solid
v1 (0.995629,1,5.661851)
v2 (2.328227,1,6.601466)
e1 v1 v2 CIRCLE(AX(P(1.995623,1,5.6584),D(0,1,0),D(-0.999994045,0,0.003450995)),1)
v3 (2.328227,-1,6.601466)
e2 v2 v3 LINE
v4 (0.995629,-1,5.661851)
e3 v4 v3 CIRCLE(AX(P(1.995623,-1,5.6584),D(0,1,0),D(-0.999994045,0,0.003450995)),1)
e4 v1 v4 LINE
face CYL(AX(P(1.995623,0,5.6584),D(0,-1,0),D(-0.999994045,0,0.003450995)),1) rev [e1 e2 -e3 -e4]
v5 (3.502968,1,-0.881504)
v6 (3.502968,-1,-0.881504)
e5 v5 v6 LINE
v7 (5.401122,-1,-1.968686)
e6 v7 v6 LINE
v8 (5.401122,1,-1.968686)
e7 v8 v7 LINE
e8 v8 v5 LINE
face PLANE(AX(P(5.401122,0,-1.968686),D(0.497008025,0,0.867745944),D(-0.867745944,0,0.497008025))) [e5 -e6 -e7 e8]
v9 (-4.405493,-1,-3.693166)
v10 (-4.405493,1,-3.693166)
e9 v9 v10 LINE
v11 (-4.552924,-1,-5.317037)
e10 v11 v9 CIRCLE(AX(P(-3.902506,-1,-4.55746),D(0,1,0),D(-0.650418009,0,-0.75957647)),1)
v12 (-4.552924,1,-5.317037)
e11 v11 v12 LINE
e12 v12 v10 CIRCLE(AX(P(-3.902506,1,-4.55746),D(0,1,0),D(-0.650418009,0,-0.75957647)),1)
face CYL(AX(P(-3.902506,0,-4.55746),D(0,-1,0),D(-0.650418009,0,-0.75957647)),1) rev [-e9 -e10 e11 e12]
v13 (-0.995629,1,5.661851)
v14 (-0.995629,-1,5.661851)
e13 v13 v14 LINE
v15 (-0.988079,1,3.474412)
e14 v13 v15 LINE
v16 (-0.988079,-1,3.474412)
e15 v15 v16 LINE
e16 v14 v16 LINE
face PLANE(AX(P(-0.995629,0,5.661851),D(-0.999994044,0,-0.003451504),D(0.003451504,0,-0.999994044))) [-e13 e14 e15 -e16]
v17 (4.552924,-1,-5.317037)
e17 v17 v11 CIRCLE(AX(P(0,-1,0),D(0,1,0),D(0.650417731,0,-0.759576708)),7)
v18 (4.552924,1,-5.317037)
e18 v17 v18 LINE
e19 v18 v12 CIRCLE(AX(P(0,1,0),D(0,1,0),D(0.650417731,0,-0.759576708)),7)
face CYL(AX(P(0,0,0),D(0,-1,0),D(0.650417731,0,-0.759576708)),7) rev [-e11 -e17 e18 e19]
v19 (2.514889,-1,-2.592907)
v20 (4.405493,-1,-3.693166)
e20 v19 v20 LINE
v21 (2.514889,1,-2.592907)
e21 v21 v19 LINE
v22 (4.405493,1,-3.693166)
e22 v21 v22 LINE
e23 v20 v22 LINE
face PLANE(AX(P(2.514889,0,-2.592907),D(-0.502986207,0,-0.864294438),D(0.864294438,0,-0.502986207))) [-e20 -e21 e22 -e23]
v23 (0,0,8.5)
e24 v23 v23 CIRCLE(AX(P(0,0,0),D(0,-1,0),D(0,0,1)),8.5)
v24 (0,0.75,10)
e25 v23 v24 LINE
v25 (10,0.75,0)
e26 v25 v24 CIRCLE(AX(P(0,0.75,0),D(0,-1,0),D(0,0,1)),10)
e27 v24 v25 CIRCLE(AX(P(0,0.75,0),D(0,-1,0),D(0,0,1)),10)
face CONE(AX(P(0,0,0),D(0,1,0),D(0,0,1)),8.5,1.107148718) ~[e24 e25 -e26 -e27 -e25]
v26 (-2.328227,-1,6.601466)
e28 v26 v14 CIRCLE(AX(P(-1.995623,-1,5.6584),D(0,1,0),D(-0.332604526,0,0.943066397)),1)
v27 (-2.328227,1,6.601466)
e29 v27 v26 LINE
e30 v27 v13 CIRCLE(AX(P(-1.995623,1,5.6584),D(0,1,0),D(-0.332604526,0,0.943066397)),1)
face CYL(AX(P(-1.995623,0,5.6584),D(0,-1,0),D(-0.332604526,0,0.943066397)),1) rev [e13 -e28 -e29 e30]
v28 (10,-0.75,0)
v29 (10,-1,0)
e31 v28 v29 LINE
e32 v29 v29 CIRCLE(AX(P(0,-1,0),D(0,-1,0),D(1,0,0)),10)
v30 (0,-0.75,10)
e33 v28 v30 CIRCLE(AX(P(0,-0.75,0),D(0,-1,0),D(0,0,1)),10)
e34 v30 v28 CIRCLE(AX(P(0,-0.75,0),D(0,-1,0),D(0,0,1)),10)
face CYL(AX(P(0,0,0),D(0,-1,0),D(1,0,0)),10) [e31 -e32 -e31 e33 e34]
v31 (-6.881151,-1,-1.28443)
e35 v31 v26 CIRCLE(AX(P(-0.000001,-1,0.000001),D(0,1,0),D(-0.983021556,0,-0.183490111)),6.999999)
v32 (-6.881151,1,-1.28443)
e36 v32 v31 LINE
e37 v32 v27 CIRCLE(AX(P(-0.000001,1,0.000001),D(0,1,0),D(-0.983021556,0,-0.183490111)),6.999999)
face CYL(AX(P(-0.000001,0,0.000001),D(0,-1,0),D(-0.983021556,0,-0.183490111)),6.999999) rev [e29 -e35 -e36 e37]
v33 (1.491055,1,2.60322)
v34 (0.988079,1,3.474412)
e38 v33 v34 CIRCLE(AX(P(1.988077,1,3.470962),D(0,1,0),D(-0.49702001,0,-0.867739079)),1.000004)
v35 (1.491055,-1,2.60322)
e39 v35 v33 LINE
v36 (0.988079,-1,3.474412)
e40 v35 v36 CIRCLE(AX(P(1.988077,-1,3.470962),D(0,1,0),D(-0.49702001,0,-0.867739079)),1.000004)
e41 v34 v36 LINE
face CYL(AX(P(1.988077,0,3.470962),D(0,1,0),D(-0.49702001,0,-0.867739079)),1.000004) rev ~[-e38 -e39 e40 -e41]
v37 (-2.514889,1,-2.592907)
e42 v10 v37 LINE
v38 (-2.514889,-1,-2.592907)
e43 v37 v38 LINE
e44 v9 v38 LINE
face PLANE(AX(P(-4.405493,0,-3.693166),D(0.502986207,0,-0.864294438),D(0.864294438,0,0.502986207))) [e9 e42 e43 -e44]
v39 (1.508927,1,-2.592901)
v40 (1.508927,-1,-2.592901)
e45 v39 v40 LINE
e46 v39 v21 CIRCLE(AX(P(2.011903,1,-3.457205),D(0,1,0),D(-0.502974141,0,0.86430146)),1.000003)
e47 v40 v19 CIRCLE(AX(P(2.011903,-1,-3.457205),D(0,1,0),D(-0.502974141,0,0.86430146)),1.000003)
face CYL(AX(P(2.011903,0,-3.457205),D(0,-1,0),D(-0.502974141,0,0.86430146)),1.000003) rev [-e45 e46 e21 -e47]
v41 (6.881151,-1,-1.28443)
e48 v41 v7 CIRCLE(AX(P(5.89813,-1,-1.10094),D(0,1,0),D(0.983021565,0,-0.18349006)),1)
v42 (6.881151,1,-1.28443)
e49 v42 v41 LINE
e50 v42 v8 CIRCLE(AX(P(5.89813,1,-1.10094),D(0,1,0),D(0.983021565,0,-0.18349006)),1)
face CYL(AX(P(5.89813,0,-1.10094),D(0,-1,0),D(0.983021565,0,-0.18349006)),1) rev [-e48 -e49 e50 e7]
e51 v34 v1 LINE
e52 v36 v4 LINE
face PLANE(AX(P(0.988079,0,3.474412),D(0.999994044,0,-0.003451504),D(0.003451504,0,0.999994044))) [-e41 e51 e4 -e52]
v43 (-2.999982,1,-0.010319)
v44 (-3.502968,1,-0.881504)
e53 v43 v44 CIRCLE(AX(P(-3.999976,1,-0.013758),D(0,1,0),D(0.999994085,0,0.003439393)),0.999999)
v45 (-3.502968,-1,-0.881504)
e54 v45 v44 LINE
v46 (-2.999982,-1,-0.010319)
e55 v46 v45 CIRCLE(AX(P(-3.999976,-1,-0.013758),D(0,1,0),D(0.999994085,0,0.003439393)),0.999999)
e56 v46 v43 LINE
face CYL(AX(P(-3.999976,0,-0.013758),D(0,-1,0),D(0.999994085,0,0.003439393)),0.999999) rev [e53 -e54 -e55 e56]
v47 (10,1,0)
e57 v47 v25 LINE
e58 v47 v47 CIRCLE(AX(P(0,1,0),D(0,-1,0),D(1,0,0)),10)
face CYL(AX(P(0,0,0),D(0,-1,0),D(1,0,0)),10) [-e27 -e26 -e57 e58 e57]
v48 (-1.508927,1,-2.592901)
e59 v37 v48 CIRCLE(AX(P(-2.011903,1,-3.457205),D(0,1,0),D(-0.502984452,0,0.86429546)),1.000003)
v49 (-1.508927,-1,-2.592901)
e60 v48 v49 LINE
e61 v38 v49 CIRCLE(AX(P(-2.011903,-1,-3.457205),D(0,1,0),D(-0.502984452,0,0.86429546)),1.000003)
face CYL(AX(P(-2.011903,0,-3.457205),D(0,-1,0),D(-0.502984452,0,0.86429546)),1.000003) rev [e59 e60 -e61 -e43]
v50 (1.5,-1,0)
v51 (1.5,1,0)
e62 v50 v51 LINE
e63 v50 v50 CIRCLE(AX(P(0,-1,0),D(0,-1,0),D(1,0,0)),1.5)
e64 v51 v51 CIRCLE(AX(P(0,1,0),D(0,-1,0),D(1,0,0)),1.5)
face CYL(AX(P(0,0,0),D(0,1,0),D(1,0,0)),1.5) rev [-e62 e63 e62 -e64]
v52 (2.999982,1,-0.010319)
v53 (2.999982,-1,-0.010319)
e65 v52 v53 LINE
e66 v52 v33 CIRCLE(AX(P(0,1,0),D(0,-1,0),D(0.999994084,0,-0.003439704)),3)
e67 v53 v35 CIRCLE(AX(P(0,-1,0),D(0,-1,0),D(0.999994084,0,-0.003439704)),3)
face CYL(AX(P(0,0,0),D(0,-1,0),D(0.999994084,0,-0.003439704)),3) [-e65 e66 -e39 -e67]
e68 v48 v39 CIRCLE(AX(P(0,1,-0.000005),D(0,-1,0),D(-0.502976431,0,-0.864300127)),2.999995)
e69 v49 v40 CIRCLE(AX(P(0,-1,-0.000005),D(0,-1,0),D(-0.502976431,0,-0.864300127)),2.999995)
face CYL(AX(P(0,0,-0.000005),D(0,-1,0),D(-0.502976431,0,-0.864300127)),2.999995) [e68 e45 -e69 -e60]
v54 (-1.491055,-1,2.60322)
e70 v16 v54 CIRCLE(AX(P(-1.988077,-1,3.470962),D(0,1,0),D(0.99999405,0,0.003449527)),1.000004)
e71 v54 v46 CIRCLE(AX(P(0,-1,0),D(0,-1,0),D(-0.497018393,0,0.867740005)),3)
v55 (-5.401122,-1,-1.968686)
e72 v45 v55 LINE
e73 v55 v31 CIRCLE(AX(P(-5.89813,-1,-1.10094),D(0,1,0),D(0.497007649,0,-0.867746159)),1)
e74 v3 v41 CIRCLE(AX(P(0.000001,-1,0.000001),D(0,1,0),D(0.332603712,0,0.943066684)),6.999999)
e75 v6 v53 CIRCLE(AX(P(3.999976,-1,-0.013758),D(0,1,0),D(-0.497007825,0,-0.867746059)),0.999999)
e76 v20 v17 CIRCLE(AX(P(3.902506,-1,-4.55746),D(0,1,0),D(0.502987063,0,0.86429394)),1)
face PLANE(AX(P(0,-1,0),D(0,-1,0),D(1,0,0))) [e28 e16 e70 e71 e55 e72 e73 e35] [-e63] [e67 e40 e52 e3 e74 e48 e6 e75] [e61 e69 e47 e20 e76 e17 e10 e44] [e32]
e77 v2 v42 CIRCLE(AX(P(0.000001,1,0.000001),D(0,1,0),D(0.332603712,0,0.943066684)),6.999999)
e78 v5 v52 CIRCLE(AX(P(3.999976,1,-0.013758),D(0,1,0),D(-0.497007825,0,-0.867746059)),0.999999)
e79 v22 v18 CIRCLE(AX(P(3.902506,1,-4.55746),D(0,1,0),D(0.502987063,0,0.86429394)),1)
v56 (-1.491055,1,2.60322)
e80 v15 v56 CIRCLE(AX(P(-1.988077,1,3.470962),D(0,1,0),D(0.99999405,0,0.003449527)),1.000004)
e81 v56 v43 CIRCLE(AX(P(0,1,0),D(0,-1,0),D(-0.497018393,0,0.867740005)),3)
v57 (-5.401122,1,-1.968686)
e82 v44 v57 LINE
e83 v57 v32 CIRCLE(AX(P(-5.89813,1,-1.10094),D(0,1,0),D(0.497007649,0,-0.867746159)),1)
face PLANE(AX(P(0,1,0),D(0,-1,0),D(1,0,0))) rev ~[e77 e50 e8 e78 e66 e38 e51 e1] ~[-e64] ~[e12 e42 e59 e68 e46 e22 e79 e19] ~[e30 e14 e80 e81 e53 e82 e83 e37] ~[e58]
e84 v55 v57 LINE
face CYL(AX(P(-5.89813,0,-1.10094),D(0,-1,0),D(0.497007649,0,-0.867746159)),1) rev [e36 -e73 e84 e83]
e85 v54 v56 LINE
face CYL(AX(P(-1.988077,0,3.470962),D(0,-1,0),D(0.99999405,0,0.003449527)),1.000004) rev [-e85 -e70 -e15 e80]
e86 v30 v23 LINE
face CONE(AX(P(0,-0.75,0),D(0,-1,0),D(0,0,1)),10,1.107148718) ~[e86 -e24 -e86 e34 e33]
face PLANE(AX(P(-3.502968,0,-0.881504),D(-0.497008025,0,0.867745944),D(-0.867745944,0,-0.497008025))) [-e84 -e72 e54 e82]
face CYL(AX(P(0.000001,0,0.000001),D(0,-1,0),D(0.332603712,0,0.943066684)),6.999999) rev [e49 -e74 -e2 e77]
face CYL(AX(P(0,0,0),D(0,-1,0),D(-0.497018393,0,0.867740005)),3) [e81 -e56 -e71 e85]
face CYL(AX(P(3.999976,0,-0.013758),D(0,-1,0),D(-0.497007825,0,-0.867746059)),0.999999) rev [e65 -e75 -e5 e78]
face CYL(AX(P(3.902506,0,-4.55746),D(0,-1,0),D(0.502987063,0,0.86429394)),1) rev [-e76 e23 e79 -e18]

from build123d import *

# Parameters (mm, degrees)
F0_R     = 10
F0_R_2   = 1.5
F1_DEPTH = 1


with BuildPart() as f1:
    # F0 (on Front) → F1 (new body, symmetric)
    with BuildSketch(Plane.XZ):
        Circle(F0_R)
        with BuildLine():
            ThreePointArc((-2.514889, -2.592907), (-2.011909, -2.457202), (-1.508927, -2.592901))
            ThreePointArc((-1.508927, -2.592901), (0, -3), (1.508927, -2.592901))
            ThreePointArc((1.508927, -2.592901), (2.011909, -2.457202), (2.514889, -2.592907))
            Line((2.514889, -2.592907), (4.405493, -3.693166))
            ThreePointArc((4.405493, -3.693166), (4.89841, -4.467042), (4.552924, -5.317037))
            ThreePointArc((4.552924, -5.317037), (0, -7), (-4.552924, -5.317037))
            ThreePointArc((-4.552924, -5.317037), (-4.89841, -4.467042), (-4.405493, -3.693166))
            Line((-4.405493, -3.693166), (-2.514889, -2.592907))
        make_face(mode=Mode.SUBTRACT)
        with BuildLine():
            ThreePointArc((-6.881151, -1.28443), (-6.062178, 3.5), (-2.328227, 6.601466))
            ThreePointArc((-2.328227, 6.601466), (-1.419367, 6.475669), (-0.995629, 5.661851))
            Line((-0.995629, 5.661851), (-0.988079, 3.474412))
            ThreePointArc((-0.988079, 3.474412), (-1.122045, 2.970966), (-1.491055, 2.60322))
            ThreePointArc((-1.491055, 2.60322), (-2.598076, 1.5), (-2.999982, -0.010319))
            ThreePointArc((-2.999982, -0.010319), (-3.133954, -0.513764), (-3.502968, -0.881504))
            Line((-3.502968, -0.881504), (-5.401122, -1.968686))
            ThreePointArc((-5.401122, -1.968686), (-6.317777, -2.008627), (-6.881151, -1.28443))
        make_face(mode=Mode.SUBTRACT)
        Circle(F0_R_2, mode=Mode.SUBTRACT)
        with BuildLine():
            ThreePointArc((1.491055, 2.60322), (1.122045, 2.970966), (0.988079, 3.474412))
            Line((0.988079, 3.474412), (0.995629, 5.661851))
            ThreePointArc((0.995629, 5.661851), (1.419367, 6.475669), (2.328227, 6.601466))
            ThreePointArc((2.328227, 6.601466), (6.062178, 3.5), (6.881151, -1.28443))
            ThreePointArc((6.881151, -1.28443), (6.317777, -2.008627), (5.401122, -1.968686))
            Line((5.401122, -1.968686), (3.502968, -0.881504))
            ThreePointArc((3.502968, -0.881504), (3.133954, -0.513764), (2.999982, -0.010319))
            ThreePointArc((2.999982, -0.010319), (2.598076, 1.5), (1.491055, 2.60322))
        make_face(mode=Mode.SUBTRACT)
    extrude(amount=F1_DEPTH, both=True)

    # F2 (on Right) → F3 (revolve, cut)
    with BuildSketch(Plane.YZ):
        Polygon((0.75, 10), (0, 10), (0, 8.5), align=None)
        Polygon((0, 8.5), (0, 10), (-0.75, 10), align=None)
    revolve(axis=Axis((0, -0.179222, 0), (0, -1, 0)), mode=Mode.SUBTRACT)


solid = f1.part
